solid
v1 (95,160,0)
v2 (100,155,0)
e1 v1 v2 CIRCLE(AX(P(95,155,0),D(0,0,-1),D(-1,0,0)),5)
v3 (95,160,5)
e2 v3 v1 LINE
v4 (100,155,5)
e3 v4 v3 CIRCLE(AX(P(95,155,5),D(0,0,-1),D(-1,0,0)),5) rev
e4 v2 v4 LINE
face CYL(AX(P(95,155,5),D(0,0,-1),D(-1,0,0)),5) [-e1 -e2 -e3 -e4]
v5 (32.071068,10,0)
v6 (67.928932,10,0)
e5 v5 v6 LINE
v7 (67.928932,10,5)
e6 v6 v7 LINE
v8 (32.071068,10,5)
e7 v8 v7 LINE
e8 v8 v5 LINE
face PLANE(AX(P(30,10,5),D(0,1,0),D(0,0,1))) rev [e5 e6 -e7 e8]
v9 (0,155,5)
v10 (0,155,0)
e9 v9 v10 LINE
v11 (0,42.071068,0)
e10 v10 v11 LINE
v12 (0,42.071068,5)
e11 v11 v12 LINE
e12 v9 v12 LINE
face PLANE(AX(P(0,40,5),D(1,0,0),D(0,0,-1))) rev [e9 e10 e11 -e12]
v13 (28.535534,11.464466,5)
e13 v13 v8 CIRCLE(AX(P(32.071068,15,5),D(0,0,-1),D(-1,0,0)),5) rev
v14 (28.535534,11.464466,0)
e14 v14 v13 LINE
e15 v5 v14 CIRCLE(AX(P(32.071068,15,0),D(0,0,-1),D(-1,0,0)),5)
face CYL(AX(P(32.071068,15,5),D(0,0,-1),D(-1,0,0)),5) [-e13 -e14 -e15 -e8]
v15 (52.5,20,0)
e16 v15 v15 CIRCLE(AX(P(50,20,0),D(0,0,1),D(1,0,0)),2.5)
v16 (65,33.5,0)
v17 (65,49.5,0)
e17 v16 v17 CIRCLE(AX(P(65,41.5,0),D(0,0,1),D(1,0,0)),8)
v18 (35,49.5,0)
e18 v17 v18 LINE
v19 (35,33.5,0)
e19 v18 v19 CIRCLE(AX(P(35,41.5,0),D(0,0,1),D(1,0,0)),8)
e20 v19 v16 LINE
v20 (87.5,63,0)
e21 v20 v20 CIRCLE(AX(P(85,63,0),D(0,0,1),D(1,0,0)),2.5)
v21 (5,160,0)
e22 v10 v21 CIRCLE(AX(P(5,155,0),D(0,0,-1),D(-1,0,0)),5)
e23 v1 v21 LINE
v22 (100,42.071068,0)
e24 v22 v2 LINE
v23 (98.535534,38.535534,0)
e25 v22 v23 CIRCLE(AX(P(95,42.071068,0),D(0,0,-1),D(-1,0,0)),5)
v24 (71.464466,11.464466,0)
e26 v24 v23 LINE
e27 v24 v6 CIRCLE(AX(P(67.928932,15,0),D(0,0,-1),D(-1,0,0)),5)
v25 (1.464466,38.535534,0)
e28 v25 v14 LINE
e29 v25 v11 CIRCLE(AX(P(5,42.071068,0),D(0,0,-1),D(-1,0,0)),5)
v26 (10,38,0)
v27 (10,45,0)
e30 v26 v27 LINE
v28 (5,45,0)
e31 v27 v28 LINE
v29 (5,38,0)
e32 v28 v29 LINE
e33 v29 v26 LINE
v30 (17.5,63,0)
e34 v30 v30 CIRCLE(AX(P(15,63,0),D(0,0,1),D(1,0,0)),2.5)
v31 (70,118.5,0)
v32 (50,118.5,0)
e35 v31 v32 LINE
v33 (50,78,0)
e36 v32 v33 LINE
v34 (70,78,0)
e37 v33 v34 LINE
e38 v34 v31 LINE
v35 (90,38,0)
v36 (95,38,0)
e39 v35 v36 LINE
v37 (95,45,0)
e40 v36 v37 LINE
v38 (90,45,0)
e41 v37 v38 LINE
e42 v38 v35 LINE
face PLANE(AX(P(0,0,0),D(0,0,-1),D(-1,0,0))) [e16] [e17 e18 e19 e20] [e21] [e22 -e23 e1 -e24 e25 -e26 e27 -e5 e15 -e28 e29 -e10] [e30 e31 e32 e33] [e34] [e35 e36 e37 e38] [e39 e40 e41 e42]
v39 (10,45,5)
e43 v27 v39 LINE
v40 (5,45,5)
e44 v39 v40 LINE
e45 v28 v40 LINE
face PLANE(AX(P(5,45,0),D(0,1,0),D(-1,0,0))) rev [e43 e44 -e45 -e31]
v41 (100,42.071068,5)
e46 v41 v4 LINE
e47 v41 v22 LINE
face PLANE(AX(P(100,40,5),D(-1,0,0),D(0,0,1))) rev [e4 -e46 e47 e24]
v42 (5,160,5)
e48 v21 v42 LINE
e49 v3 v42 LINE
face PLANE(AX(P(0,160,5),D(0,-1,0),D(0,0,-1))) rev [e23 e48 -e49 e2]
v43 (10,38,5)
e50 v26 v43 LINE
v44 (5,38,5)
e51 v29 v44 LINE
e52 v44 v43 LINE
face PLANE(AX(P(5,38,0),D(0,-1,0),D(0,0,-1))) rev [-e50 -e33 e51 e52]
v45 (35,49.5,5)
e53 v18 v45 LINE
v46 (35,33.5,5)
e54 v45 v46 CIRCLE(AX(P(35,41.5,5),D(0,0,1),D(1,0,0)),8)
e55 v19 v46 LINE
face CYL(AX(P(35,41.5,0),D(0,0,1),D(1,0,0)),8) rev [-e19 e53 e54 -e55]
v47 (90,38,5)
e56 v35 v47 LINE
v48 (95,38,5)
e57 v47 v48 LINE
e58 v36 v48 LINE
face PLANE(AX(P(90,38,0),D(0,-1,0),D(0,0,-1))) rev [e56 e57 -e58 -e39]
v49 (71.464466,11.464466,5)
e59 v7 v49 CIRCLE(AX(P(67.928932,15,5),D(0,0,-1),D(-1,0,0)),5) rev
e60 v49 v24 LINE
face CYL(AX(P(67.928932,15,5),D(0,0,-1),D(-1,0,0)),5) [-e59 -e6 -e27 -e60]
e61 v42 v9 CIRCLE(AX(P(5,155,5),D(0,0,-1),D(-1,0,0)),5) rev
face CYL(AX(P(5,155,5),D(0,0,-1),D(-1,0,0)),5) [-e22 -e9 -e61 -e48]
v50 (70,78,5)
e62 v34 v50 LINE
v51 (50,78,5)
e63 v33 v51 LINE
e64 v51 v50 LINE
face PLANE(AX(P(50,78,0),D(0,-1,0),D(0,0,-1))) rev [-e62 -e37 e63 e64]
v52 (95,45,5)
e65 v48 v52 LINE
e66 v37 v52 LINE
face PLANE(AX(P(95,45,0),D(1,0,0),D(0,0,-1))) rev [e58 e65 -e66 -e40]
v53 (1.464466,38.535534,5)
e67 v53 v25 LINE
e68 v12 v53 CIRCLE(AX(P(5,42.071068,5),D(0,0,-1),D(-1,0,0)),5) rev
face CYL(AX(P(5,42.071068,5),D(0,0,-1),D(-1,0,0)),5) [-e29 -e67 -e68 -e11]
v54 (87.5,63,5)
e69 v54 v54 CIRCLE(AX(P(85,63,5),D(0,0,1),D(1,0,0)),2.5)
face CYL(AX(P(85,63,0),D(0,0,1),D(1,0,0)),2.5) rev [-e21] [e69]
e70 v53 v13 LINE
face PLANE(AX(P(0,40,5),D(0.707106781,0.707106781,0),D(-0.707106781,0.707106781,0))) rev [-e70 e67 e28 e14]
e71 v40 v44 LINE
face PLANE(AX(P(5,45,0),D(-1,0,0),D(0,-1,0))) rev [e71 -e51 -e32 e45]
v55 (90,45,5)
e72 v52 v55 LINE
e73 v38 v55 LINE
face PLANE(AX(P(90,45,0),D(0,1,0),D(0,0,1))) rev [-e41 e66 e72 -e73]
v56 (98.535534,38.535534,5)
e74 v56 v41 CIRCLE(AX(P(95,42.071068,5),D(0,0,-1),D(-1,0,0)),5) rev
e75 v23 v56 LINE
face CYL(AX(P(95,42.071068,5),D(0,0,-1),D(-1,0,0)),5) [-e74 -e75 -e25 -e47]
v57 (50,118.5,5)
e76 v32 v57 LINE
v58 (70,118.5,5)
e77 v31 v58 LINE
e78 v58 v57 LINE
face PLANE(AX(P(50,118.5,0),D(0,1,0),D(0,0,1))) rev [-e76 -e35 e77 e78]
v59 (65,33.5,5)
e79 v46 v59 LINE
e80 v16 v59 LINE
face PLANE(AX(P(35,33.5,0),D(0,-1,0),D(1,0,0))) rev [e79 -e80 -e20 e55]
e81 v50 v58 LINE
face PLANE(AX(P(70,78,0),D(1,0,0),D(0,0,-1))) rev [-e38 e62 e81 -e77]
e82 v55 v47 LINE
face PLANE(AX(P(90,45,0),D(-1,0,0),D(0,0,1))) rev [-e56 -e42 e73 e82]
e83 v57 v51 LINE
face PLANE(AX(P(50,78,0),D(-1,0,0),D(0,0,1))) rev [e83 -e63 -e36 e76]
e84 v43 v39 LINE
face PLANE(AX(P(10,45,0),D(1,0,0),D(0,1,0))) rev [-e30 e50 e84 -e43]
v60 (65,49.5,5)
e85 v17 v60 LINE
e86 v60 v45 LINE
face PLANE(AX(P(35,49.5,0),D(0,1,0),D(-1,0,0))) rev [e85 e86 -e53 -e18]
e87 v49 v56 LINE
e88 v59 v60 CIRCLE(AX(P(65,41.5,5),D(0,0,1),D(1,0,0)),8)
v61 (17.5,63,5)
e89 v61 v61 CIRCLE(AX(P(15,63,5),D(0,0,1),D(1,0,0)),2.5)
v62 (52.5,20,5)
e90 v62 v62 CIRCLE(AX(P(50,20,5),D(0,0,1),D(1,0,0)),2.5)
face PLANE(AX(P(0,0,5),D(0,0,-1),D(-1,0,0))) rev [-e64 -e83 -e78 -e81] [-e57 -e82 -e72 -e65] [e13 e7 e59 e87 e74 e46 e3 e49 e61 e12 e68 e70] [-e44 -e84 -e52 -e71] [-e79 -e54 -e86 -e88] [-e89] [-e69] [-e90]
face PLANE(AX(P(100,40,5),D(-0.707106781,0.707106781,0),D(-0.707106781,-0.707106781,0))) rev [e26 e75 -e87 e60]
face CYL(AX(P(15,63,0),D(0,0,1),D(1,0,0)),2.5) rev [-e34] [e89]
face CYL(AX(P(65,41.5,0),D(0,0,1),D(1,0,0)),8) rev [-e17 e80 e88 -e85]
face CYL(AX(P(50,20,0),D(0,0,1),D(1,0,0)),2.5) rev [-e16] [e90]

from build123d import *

# Parameters (mm, degrees)
BOSS_EXTRUDE1_DEPTH = 5
SKETCH3_R           = 2.5
SKETCH3_W           = 20
SKETCH3_H           = 40.5
CUT_EXTRUDE3_DEPTH  = 189.745860882
FILLET1_R           = 5
FILLET2_R           = 5
FILLET3_R           = 5
FILLET4_R           = 5
FILLET5_R           = 5
FILLET6_R           = 5
SKETCH4_W           = 5
SKETCH4_H           = 7
CUT_EXTRUDE6_DEPTH  = 189.745860882


with BuildPart() as part:
    # Sketch1 → Boss-Extrude1 (new body)
    with BuildSketch(Plane.XY):
        Polygon((0, 40), (30, 10), (70, 10), (100, 40), (100, 160), (0, 160), align=None)
    extrude(amount=BOSS_EXTRUDE1_DEPTH)

    # Sketch3 → Cut-Extrude3 (cut, through all)
    with BuildSketch(Plane.XY.offset(5)):
        with Locations((50, 20)):
            Circle(SKETCH3_R)
        with Locations((85, 63)):
            Circle(SKETCH3_R)
        with Locations((15, 63)):
            Circle(SKETCH3_R)
        with Locations((60, 98.25)):
            Rectangle(SKETCH3_W, SKETCH3_H)
        with BuildLine():
            Line((35, 49.5), (65, 49.5))
            ThreePointArc((65, 49.5), (73, 41.5), (65, 33.5))
            Line((65, 33.5), (35, 33.5))
            ThreePointArc((35, 33.5), (27, 41.5), (35, 49.5))
        make_face()
    extrude(amount=-CUT_EXTRUDE3_DEPTH, mode=Mode.SUBTRACT)

    # Fillet1
    fillet1_edges = [part.edges().sort_by_distance(p)[0] for p in [
        (0, 40, 2.5),
    ]]
    fillet(fillet1_edges, radius=FILLET1_R)

    # Fillet2
    fillet2_edges = [part.edges().sort_by_distance(p)[0] for p in [
        (100, 40, 2.5),
    ]]
    fillet(fillet2_edges, radius=FILLET2_R)

    # Fillet3
    fillet3_edges = [part.edges().sort_by_distance(p)[0] for p in [
        (70, 10, 2.5),
    ]]
    fillet(fillet3_edges, radius=FILLET3_R)

    # Fillet4
    fillet4_edges = [part.edges().sort_by_distance(p)[0] for p in [
        (30, 10, 2.5),
    ]]
    fillet(fillet4_edges, radius=FILLET4_R)

    # Fillet5
    fillet5_edges = [part.edges().sort_by_distance(p)[0] for p in [
        (100, 160, 2.5),
    ]]
    fillet(fillet5_edges, radius=FILLET5_R)

    # Fillet6
    fillet6_edges = [part.edges().sort_by_distance(p)[0] for p in [
        (0, 160, 2.5),
    ]]
    fillet(fillet6_edges, radius=FILLET6_R)

    # Sketch4 → Cut-Extrude6 (cut, through all)
    with BuildSketch(Plane.XY.offset(5)):
        with Locations((7.5, 41.5)):
            Rectangle(SKETCH4_W, SKETCH4_H)
        with Locations((92.5, 41.5)):
            Rectangle(SKETCH4_W, SKETCH4_H)
    extrude(amount=-CUT_EXTRUDE6_DEPTH, mode=Mode.SUBTRACT)


solid = part.part
